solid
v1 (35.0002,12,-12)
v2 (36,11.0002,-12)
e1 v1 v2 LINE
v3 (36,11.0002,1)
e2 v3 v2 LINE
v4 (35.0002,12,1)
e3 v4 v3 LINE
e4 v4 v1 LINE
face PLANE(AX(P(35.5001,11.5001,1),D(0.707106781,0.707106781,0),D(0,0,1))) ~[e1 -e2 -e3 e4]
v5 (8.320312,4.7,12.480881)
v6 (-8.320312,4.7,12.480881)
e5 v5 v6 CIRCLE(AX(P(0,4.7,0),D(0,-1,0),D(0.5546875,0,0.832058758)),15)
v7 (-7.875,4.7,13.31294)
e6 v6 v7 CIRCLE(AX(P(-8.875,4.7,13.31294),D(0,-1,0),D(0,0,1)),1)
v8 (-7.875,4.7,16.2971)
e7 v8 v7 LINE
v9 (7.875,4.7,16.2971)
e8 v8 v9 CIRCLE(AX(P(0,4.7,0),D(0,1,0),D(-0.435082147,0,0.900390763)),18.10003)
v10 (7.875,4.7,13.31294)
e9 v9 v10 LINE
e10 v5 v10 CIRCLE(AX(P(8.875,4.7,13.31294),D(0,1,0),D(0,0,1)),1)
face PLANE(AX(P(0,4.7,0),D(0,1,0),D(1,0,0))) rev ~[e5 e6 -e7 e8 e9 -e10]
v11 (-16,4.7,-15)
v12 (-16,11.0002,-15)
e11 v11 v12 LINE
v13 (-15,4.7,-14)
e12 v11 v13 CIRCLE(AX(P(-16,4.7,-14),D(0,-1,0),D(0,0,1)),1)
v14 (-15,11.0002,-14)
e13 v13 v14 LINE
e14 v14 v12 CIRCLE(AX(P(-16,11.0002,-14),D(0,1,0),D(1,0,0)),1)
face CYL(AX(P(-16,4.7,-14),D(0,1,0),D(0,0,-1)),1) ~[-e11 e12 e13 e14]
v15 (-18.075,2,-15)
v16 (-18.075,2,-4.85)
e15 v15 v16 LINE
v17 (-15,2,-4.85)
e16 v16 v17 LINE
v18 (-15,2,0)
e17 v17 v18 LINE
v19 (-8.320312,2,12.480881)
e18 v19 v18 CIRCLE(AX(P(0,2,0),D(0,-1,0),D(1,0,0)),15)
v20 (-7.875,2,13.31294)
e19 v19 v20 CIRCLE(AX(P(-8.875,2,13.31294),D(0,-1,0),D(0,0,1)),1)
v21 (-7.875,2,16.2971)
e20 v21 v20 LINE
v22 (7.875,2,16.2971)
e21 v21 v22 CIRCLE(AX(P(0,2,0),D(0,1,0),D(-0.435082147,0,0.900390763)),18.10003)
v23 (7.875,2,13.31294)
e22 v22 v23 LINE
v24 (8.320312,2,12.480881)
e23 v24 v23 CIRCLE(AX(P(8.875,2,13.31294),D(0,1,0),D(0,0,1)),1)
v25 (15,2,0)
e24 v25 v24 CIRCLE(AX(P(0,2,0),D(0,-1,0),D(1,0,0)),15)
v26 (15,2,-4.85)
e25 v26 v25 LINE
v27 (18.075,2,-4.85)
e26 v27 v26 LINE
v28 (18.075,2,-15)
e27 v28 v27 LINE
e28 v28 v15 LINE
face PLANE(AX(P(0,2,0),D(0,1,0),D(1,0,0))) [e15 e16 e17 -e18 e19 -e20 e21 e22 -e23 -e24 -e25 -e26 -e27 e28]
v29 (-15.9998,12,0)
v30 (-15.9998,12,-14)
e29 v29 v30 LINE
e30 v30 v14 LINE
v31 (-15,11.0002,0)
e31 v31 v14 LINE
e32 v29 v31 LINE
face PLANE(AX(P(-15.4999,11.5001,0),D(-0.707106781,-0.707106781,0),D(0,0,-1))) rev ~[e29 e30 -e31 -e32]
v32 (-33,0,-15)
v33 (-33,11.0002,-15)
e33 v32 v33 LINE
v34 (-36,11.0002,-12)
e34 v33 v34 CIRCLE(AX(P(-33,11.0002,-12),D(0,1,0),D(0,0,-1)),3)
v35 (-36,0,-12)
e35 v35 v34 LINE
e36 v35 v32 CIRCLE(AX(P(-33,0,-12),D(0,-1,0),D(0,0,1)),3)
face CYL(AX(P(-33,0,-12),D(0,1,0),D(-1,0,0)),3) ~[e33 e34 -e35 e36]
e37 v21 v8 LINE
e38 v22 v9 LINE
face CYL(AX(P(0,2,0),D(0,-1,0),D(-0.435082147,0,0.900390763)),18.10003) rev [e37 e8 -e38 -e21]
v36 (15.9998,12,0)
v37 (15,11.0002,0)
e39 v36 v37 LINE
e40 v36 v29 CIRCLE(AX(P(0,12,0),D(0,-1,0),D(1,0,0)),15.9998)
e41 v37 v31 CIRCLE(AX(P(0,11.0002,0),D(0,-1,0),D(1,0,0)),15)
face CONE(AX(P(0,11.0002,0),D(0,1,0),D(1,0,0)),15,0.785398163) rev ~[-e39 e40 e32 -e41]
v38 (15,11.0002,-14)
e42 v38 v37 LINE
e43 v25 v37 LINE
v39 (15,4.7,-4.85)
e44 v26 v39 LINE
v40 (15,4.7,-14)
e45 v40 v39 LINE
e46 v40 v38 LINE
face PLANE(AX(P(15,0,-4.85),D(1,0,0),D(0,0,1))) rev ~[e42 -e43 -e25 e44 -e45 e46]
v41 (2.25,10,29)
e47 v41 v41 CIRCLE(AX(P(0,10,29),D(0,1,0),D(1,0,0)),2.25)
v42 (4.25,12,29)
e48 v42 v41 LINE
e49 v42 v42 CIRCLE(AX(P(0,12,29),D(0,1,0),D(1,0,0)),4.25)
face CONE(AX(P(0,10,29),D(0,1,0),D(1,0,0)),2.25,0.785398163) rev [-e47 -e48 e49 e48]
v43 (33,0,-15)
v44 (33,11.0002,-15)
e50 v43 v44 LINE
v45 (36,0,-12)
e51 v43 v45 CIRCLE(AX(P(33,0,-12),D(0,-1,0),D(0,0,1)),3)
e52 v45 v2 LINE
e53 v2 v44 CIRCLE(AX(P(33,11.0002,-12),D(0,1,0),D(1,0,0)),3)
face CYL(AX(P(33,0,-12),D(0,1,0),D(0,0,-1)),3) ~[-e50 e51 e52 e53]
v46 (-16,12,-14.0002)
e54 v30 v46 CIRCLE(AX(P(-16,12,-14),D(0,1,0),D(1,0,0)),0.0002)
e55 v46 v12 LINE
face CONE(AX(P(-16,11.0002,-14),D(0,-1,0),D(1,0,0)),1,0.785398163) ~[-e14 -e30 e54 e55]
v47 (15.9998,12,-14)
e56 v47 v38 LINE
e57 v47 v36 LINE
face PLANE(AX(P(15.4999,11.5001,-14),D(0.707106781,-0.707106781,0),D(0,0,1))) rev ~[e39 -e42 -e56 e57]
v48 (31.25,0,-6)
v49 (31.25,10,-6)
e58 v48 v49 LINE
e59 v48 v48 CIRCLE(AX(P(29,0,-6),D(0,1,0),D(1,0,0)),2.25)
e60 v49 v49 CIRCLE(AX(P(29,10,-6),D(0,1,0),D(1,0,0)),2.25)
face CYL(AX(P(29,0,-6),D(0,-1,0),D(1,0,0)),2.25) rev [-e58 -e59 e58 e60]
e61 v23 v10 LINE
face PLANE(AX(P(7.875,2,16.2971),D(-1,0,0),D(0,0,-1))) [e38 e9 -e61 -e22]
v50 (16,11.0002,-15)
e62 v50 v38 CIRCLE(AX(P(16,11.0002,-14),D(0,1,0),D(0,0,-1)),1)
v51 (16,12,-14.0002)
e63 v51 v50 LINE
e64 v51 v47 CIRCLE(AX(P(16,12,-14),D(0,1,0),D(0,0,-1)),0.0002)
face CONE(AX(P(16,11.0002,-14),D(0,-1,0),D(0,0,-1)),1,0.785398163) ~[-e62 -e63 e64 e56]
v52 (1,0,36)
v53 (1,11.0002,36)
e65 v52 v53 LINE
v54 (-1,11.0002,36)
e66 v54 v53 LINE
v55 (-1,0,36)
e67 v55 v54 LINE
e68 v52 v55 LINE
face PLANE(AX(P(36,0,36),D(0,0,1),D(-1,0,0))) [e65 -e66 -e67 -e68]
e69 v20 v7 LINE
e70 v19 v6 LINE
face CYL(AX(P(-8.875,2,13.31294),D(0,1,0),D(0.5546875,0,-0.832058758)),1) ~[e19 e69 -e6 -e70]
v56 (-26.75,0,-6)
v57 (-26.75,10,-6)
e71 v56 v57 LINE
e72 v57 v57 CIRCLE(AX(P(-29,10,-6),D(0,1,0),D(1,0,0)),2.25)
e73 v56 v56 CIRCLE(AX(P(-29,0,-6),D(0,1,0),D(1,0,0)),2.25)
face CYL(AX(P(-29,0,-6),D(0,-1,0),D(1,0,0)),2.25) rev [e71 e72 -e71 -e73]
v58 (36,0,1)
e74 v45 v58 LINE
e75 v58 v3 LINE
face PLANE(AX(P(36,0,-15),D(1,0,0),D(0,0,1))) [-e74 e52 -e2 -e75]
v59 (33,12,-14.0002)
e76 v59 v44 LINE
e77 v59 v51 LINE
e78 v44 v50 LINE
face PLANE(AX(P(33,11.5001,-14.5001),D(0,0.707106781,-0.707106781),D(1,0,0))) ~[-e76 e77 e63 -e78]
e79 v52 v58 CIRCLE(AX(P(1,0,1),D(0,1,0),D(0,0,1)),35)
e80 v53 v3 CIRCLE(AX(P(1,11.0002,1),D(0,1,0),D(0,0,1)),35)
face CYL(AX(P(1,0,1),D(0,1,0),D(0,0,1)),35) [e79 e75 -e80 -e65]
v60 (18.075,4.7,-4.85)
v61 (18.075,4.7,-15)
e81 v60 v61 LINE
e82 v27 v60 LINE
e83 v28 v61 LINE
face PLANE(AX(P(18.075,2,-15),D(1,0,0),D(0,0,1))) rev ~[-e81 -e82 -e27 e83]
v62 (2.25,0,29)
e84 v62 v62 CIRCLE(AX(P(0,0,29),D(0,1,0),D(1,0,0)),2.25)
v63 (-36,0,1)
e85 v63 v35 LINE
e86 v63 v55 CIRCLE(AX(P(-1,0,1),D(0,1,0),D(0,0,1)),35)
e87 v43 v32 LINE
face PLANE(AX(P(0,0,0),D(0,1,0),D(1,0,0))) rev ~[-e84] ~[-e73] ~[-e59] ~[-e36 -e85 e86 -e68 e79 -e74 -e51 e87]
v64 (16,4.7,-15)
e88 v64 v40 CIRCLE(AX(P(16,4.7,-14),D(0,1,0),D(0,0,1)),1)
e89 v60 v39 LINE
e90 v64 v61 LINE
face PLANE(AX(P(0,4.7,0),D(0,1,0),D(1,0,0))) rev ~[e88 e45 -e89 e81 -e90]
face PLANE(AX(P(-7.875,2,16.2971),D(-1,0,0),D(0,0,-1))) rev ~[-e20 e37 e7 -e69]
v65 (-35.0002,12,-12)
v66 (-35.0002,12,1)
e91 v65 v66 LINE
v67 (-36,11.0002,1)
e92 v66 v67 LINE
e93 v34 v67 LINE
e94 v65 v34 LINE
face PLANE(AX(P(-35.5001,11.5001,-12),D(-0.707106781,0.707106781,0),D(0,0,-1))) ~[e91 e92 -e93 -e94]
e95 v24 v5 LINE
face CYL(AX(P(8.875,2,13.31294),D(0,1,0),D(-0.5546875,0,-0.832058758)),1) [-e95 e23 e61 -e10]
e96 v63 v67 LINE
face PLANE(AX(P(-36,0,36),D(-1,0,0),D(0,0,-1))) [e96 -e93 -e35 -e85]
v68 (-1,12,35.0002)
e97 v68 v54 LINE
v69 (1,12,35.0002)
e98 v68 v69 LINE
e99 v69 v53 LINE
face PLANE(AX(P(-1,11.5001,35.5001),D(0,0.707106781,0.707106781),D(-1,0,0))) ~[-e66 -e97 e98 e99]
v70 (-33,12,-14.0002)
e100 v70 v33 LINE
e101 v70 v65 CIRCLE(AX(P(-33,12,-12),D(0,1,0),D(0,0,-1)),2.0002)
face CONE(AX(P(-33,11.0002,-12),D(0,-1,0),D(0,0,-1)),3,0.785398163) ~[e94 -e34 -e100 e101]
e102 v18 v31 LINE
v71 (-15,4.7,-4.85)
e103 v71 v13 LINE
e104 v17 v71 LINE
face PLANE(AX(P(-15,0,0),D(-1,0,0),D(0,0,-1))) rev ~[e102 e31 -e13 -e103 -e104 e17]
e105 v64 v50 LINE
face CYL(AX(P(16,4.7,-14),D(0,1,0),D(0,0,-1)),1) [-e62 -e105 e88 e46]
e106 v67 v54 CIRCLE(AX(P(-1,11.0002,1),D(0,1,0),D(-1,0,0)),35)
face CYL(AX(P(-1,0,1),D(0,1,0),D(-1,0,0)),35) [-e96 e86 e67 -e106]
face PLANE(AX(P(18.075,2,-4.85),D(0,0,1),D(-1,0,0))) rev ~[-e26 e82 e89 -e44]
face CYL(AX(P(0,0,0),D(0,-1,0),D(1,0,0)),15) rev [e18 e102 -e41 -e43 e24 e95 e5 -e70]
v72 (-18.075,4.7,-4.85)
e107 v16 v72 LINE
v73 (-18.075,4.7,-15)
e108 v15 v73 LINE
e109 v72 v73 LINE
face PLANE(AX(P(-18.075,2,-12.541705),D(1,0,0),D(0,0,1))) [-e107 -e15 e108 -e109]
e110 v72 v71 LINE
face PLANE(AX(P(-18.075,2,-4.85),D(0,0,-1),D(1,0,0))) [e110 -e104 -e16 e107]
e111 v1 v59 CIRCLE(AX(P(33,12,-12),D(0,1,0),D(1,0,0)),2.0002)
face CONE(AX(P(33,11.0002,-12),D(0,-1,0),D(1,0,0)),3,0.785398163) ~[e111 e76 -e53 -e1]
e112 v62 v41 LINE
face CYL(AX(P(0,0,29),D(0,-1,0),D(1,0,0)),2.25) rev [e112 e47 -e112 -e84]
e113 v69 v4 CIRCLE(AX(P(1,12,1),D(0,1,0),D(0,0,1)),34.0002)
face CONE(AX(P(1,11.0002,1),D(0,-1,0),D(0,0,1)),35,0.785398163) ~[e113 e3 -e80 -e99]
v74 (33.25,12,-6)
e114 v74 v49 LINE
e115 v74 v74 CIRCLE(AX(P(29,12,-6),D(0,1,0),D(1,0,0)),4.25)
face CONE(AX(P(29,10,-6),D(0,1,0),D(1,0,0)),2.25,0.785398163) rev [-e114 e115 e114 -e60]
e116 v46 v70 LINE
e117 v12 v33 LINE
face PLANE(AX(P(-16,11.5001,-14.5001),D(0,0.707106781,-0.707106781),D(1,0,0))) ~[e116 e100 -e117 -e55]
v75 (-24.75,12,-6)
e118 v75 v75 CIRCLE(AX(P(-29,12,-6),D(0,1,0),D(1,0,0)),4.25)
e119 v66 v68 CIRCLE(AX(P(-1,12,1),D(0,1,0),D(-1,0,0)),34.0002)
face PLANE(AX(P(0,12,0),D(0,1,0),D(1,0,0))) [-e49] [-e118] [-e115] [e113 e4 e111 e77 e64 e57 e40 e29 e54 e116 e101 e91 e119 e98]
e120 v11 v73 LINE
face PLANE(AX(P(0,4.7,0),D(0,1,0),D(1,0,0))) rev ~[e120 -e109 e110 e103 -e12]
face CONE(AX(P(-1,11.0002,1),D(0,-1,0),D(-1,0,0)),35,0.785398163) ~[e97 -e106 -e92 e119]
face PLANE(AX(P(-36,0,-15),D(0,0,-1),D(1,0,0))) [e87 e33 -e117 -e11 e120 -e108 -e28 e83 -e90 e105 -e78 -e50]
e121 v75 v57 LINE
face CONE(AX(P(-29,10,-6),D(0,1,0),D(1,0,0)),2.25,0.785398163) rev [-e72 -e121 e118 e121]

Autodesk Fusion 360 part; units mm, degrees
sketch "Sketch1" plane through (0, 0, 0) normal (0, 1, 0) x (1, 0, 0)
  circle A0 centre (0, 0) radius 15
  line L0 (-15, 0) -> (-15, 15)
  line L1 (-15, 15) -> (15, 15)
  line L2 (15, 15) -> (15, 0)
  line L3 (-15, 15) -> (-18.075, 15)
  line L4 (-18.075, 15) -> (-18.075, 4.85)
  line L5 (-18.075, 4.85) -> (-15, 4.85)
  line L6 (15, 15) -> (18.075, 15)
  line L7 (18.075, 15) -> (18.075, 4.85)
  line L8 (18.075, 4.85) -> (14.975, 4.85)
  line L9 (-7.875, -16.2971) -> (-7.875, -12.7665)
  line L10 (7.875, -16.2971) -> (7.875, -12.7665)
  line L11 (-7.875, -12.7665) -> (-7.875, -16.2971)
  line L12 (7.875, -12.7665) -> (7.875, -16.2971)
  arc A1 (-7.875, -16.2971) -> (7.875, -16.2971) centre (0, 0) ccw
  circle A2 centre (0, 0) radius 22
  line L13 (-22, 0) -> (-22, 22)
  line L14 (-22, 22) -> (22, 22)
  line L15 (22, 22) -> (22, 0)
  line L16 (-18.075, 15) -> (-22, 15)
  line L17 (18.075, 15) -> (22, 15)
  point P0 (0, -18.1)
  dimension "d1" = 30
  dimension "d3" = 10.15
  dimension "d5" = 15.75
  dimension "d6" = 36.15
  dimension "d7" = 18.1
  dimension "d8" = 7
  dimension "d9" = -7
extrude "Extrude1" add sketch "Sketch1" along normal blind 12 contours A0 L0 L2 L4 L5 L7 L8 L9 L10 L11 L12 A1 A2 | A0 L9 L10 L11 L12 A1 | L0 L3 L4 L5 A2 | L2 L6 L7 L8 A2 | L3 L4 A2 | L6 L7 A2 | L4 A2 L13 L16 | L7 A2 L15 L17
extrude "Extrude2" add sketch "Sketch1" along normal blind 2 contours A0 | A0 L0 L1 | A0 L1 L2
extrude "Extrude3" cut sketch "Sketch1" along normal blind 2.7 from surface at 2 contours A0 L9 L10 L11 L12 A1 | L0 L3 L4 L5 A2 | L2 L6 L7 L8 A2 | L3 L4 A2 | L6 L7 A2
sketch "Sketch2" plane through (0, 0, 0) normal (0, 1, 0) x (1, 0, 0)
  line L0 (-36, 15) -> (36, 15)
  line L1 (36, 15) -> (36, -36)
  line L2 (36, -36) -> (-36, -36)
  line L3 (-36, -36) -> (-36, 15)
  line L4 (-22, 15) -> (-22, 0)
  arc A0 (-22, 0) -> (22, 0) centre (0, 0) ccw
  line L5 (-15, 15) -> (-22, 15)
  circle A1 centre (-29, 6) radius 2.25
  circle A2 centre (29, 6) radius 2.25
  circle A3 centre (0, -29) radius 2.25
  line L6 (0, -22) -> (0, -36) construction
  line L7 (-22, 15) -> (-36, 15) construction
  line L8 (36, 15) -> (22, 15) construction
  line L9 (22, 15) -> (22, 0)
  point P0 (0, -36)
  point P1 (0, -22)
  point P2 (0, -29)
  point P3 (22, 15)
  point P4 (-29, 15)
  point P5 (29, 15)
  dimension "d17" = 14
  dimension "d18" = 14
  dimension "d19" = 9
  dimension "d20" = 4.5
extrude "Extrude4" add sketch "Sketch2" along normal up to surface (12 mm away) contours L0 L1 L2 L3 L4 A0 L9
chamfer "Chamfer1" distance 2 angle 45 3 edges at (-31.0977, 12, -5.1864) (26.9023, 12, -5.1864) (-2.0977, 12, 29.8136)
fillet "Fillet1" radius 35 2 edges at (-36, 6, 36) (36, 6, 36)
fillet "Fillet2" radius 3 2 edges at (36, 6, -15) (-36, 6, -15)
fillet "Fillet3" radius 1 4 edges at (-15, 8.35, -15) (15, 8.35, -15) (-7.875, 3.35, 12.7665) (7.875, 3.35, 12.7665)
chamfer "Chamfer2" distance 1 angle 45 14 edges at (-25.7487, 12, 25.7487) (-36, 12, -5.5) (-35.1213, 12, -14.1213) (-24.5, 12, -15) (-15.2929, 12, -14.7071) (-15, 12, -7) (0, 12, 15) (15, 12, -7) (15.2929, 12, -14.7071) (24.5, 12, -15) (35.1213, 12, -14.1213) (36, 12, -5.5) (25.7487, 12, 25.7487) (0, 12, 36)
equation "d7 = d1 / 2 + 3.1 mm"
equation "d15 = 2.5 mm + 0.2 mm"
equation "d18 = d17"
